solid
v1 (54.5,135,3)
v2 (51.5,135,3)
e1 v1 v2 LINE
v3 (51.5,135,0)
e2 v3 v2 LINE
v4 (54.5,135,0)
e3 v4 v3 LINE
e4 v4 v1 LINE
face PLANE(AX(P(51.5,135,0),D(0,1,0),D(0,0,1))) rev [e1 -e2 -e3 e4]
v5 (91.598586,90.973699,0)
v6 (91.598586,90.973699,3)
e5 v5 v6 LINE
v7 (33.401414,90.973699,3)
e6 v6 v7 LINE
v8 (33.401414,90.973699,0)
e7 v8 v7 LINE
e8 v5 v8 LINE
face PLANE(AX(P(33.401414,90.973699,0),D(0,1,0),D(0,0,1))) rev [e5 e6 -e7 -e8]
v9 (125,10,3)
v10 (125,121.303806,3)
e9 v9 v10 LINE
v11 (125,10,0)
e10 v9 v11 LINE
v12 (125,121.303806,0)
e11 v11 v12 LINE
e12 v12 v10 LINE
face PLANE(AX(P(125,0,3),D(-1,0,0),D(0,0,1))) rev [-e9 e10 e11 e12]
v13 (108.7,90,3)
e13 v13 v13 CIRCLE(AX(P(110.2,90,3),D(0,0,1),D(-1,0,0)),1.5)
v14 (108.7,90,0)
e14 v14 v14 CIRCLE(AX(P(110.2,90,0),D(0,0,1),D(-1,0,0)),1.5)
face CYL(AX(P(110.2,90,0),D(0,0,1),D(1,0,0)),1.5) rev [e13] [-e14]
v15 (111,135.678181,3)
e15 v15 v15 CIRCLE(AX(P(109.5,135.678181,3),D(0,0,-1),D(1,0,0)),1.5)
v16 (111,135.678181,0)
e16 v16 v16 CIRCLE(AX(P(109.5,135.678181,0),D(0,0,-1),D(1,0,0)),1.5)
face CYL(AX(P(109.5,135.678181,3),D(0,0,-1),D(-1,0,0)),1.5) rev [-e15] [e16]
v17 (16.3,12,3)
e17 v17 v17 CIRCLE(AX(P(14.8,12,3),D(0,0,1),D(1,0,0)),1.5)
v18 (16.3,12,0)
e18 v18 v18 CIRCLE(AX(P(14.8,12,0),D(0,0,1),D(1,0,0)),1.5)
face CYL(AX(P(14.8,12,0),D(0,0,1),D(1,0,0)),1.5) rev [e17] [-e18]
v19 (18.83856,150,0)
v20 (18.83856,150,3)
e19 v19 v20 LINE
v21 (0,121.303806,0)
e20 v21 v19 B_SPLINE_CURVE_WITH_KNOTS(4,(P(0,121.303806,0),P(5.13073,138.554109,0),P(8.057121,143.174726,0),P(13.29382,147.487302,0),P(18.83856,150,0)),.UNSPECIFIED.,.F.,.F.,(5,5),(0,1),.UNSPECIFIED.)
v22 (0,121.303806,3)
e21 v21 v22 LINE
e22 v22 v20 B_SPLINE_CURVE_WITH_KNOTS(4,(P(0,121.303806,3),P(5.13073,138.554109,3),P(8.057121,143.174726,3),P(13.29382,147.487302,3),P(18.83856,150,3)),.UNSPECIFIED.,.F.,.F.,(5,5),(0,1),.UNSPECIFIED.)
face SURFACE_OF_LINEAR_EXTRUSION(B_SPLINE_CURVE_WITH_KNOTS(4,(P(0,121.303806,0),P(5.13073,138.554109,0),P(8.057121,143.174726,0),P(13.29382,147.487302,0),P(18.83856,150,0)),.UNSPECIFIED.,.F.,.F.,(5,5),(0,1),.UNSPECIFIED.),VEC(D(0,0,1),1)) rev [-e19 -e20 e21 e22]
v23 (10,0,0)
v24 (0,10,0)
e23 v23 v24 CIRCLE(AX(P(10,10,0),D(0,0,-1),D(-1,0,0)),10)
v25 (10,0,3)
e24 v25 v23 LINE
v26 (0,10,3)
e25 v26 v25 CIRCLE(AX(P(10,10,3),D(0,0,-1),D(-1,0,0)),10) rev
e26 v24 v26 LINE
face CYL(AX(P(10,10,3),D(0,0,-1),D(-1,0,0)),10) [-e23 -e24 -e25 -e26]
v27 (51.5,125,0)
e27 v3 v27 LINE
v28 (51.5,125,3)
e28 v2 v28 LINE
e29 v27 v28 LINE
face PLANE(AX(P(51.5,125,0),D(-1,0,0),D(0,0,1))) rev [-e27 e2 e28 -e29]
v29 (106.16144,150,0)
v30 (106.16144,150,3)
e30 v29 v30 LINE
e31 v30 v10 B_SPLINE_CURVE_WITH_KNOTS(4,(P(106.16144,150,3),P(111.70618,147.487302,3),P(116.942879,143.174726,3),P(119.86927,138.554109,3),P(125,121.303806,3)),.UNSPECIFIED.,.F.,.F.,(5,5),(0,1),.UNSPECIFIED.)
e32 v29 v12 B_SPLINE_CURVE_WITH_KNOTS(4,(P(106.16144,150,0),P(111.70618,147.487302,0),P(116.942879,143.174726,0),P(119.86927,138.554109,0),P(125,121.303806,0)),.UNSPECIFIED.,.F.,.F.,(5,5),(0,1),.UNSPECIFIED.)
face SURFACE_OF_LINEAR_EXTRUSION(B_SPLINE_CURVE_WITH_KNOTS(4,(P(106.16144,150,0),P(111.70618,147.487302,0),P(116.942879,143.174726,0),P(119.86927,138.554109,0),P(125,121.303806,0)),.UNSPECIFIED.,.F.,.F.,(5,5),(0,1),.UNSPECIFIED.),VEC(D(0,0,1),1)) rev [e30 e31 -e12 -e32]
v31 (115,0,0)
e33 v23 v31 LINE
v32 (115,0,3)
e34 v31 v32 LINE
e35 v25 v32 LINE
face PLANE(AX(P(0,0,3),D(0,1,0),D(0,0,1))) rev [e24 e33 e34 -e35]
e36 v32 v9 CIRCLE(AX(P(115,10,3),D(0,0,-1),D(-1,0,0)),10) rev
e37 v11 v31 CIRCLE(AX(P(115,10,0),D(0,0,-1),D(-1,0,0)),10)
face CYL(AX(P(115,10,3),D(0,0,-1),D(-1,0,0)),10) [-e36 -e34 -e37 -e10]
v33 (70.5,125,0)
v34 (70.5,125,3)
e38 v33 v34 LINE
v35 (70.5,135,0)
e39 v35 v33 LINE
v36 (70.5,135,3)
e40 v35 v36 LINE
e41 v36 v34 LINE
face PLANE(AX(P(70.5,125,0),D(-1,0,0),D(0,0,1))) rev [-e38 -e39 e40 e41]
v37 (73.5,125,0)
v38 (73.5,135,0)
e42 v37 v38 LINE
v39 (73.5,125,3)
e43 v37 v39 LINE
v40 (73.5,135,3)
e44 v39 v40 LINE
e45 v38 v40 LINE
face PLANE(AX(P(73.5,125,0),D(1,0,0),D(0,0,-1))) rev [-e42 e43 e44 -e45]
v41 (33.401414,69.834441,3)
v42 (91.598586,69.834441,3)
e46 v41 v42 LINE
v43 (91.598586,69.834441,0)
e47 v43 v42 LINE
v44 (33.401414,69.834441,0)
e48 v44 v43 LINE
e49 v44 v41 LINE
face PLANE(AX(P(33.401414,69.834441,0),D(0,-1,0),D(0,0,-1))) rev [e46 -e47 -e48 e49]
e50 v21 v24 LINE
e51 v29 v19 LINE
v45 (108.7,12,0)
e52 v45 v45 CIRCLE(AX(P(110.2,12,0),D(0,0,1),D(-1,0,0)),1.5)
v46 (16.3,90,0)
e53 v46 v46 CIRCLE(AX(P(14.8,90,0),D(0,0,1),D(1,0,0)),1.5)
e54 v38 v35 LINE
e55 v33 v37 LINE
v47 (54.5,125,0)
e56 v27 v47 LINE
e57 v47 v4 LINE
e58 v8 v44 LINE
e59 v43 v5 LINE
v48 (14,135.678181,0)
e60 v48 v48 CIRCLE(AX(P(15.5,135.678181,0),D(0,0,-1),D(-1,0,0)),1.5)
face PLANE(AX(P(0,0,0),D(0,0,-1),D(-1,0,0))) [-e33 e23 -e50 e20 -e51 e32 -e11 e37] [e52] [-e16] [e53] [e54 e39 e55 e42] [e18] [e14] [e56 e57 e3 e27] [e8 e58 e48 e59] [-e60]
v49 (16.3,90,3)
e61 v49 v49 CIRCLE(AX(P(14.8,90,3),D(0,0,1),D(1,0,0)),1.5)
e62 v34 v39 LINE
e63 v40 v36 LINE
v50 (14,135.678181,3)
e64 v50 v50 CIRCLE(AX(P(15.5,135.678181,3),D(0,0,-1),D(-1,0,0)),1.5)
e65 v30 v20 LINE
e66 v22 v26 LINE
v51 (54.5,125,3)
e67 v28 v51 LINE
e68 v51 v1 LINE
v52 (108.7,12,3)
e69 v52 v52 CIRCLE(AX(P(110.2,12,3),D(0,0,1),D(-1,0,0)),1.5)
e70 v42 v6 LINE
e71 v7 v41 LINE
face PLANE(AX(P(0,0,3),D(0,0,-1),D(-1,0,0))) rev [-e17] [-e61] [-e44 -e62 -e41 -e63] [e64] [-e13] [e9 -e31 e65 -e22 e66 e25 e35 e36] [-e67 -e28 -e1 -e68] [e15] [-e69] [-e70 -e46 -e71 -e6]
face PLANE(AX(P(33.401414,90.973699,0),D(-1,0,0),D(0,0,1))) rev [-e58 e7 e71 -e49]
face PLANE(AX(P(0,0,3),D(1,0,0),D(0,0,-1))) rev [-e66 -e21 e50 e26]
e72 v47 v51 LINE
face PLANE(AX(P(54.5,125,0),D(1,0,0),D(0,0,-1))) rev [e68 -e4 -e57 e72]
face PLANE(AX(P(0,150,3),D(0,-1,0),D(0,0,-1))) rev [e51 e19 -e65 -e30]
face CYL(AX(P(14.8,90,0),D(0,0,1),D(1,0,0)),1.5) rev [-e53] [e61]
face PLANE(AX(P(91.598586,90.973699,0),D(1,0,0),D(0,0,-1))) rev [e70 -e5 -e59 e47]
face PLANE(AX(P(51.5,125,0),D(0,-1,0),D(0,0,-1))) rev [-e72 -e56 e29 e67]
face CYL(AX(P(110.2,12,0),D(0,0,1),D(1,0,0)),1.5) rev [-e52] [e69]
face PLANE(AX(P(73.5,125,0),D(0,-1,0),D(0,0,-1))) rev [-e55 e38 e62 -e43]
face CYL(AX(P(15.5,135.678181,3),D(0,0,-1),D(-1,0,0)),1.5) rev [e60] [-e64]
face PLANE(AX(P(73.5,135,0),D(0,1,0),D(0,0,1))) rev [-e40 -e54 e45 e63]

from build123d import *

# Parameters (mm, degrees)
SKETCH1_W           = 125
SKETCH1_H           = 150
BOSS_EXTRUDE1_DEPTH = 3
SKETCH6_R           = 1.5
CUT_EXTRUDE5_DEPTH  = 4
CUT_EXTRUDE6_DEPTH  = 4
SKETCH8_R           = 1.5
CUT_EXTRUDE7_DEPTH  = 4.0000001
FILLET1_R           = 10
SKETCH10_W          = 58.197172172
SKETCH10_H          = 21.139257973
CUT_EXTRUDE8_DEPTH  = 4.0000001
SKETCH11_W          = 3
SKETCH11_H          = 10
CUT_EXTRUDE9_DEPTH  = 4.0000001


with BuildPart() as part:
    # Sketch1 → Boss-Extrude1 (new body)
    with BuildSketch(Plane.XY):
        with Locations((62.5, 75)):
            Rectangle(SKETCH1_W, SKETCH1_H)
    extrude(amount=BOSS_EXTRUDE1_DEPTH)

    # Sketch6 → Cut-Extrude5 (cut, through all)
    with BuildSketch(Plane(origin=(0, 0, 0), x_dir=(-1, 0, 0), z_dir=(0, 0, -1))):
        with Locations((-15.5, 135.678181118)):
            Circle(SKETCH6_R)
        with Locations((-109.5, 135.678181118)):
            Circle(SKETCH6_R)
    extrude(amount=-CUT_EXTRUDE5_DEPTH, mode=Mode.SUBTRACT)

    # Sketch7 → Cut-Extrude6 (cut, through all)
    with BuildSketch(Plane.XY.offset(3)):
        with BuildLine():
            Line((18.83856041, 150), (0, 150))
            Line((0, 150), (0, 121.303805561))
            add(Edge.make_bspline(
                [(0, 121.303805561), (5.130729703, 138.554109372), (8.057120528, 143.174726465), (13.293819899, 147.487302418), (18.83856041, 150)],
                knots=[0, 0, 0, 0, 0, 1, 1, 1, 1, 1], degree=4))
        make_face()
        with BuildLine():
            Line((125, 150), (125, 121.303805561))
            add(Edge.make_bspline(
                [(125, 121.303805561), (119.869270297, 138.554109372), (116.942879472, 143.174726465), (111.706180101, 147.487302418), (106.16143959, 150)],
                knots=[0, 0, 0, 0, 0, 1, 1, 1, 1, 1], degree=4))
            Line((106.16143959, 150), (125, 150))
        make_face()
    extrude(amount=-CUT_EXTRUDE6_DEPTH, mode=Mode.SUBTRACT)

    # Sketch8 → Cut-Extrude7 (cut, through all)
    with BuildSketch(Plane.XY.offset(3)):
        with Locations((14.8, 12)):
            Circle(SKETCH8_R)
        with Locations((110.2, 12)):
            Circle(SKETCH8_R)
        with Locations((14.8, 90)):
            Circle(SKETCH8_R)
        with Locations((110.2, 90)):
            Circle(SKETCH8_R)
    extrude(amount=-CUT_EXTRUDE7_DEPTH, mode=Mode.SUBTRACT)

    # Fillet1
    fillet1_edges = [part.edges().sort_by_distance(p)[0] for p in [
        (125, 0, 1.5),
        (0, 0, 1.5),
    ]]
    fillet(fillet1_edges, radius=FILLET1_R)

    # Sketch10 → Cut-Extrude8 (cut, through all)
    with BuildSketch(Plane.XY.offset(3)):
        with Locations((62.5, 80.404070369)):
            Rectangle(SKETCH10_W, SKETCH10_H)
    extrude(amount=-CUT_EXTRUDE8_DEPTH, mode=Mode.SUBTRACT)

    # Sketch11 → Cut-Extrude9 (cut, through all)
    with BuildSketch(Plane.XY.offset(3)):
        with Locations((72, 130)):
            Rectangle(SKETCH11_W, SKETCH11_H)
        with Locations((53, 130)):
            Rectangle(SKETCH11_W, SKETCH11_H)
    extrude(amount=-CUT_EXTRUDE9_DEPTH, mode=Mode.SUBTRACT)


solid = part.part
